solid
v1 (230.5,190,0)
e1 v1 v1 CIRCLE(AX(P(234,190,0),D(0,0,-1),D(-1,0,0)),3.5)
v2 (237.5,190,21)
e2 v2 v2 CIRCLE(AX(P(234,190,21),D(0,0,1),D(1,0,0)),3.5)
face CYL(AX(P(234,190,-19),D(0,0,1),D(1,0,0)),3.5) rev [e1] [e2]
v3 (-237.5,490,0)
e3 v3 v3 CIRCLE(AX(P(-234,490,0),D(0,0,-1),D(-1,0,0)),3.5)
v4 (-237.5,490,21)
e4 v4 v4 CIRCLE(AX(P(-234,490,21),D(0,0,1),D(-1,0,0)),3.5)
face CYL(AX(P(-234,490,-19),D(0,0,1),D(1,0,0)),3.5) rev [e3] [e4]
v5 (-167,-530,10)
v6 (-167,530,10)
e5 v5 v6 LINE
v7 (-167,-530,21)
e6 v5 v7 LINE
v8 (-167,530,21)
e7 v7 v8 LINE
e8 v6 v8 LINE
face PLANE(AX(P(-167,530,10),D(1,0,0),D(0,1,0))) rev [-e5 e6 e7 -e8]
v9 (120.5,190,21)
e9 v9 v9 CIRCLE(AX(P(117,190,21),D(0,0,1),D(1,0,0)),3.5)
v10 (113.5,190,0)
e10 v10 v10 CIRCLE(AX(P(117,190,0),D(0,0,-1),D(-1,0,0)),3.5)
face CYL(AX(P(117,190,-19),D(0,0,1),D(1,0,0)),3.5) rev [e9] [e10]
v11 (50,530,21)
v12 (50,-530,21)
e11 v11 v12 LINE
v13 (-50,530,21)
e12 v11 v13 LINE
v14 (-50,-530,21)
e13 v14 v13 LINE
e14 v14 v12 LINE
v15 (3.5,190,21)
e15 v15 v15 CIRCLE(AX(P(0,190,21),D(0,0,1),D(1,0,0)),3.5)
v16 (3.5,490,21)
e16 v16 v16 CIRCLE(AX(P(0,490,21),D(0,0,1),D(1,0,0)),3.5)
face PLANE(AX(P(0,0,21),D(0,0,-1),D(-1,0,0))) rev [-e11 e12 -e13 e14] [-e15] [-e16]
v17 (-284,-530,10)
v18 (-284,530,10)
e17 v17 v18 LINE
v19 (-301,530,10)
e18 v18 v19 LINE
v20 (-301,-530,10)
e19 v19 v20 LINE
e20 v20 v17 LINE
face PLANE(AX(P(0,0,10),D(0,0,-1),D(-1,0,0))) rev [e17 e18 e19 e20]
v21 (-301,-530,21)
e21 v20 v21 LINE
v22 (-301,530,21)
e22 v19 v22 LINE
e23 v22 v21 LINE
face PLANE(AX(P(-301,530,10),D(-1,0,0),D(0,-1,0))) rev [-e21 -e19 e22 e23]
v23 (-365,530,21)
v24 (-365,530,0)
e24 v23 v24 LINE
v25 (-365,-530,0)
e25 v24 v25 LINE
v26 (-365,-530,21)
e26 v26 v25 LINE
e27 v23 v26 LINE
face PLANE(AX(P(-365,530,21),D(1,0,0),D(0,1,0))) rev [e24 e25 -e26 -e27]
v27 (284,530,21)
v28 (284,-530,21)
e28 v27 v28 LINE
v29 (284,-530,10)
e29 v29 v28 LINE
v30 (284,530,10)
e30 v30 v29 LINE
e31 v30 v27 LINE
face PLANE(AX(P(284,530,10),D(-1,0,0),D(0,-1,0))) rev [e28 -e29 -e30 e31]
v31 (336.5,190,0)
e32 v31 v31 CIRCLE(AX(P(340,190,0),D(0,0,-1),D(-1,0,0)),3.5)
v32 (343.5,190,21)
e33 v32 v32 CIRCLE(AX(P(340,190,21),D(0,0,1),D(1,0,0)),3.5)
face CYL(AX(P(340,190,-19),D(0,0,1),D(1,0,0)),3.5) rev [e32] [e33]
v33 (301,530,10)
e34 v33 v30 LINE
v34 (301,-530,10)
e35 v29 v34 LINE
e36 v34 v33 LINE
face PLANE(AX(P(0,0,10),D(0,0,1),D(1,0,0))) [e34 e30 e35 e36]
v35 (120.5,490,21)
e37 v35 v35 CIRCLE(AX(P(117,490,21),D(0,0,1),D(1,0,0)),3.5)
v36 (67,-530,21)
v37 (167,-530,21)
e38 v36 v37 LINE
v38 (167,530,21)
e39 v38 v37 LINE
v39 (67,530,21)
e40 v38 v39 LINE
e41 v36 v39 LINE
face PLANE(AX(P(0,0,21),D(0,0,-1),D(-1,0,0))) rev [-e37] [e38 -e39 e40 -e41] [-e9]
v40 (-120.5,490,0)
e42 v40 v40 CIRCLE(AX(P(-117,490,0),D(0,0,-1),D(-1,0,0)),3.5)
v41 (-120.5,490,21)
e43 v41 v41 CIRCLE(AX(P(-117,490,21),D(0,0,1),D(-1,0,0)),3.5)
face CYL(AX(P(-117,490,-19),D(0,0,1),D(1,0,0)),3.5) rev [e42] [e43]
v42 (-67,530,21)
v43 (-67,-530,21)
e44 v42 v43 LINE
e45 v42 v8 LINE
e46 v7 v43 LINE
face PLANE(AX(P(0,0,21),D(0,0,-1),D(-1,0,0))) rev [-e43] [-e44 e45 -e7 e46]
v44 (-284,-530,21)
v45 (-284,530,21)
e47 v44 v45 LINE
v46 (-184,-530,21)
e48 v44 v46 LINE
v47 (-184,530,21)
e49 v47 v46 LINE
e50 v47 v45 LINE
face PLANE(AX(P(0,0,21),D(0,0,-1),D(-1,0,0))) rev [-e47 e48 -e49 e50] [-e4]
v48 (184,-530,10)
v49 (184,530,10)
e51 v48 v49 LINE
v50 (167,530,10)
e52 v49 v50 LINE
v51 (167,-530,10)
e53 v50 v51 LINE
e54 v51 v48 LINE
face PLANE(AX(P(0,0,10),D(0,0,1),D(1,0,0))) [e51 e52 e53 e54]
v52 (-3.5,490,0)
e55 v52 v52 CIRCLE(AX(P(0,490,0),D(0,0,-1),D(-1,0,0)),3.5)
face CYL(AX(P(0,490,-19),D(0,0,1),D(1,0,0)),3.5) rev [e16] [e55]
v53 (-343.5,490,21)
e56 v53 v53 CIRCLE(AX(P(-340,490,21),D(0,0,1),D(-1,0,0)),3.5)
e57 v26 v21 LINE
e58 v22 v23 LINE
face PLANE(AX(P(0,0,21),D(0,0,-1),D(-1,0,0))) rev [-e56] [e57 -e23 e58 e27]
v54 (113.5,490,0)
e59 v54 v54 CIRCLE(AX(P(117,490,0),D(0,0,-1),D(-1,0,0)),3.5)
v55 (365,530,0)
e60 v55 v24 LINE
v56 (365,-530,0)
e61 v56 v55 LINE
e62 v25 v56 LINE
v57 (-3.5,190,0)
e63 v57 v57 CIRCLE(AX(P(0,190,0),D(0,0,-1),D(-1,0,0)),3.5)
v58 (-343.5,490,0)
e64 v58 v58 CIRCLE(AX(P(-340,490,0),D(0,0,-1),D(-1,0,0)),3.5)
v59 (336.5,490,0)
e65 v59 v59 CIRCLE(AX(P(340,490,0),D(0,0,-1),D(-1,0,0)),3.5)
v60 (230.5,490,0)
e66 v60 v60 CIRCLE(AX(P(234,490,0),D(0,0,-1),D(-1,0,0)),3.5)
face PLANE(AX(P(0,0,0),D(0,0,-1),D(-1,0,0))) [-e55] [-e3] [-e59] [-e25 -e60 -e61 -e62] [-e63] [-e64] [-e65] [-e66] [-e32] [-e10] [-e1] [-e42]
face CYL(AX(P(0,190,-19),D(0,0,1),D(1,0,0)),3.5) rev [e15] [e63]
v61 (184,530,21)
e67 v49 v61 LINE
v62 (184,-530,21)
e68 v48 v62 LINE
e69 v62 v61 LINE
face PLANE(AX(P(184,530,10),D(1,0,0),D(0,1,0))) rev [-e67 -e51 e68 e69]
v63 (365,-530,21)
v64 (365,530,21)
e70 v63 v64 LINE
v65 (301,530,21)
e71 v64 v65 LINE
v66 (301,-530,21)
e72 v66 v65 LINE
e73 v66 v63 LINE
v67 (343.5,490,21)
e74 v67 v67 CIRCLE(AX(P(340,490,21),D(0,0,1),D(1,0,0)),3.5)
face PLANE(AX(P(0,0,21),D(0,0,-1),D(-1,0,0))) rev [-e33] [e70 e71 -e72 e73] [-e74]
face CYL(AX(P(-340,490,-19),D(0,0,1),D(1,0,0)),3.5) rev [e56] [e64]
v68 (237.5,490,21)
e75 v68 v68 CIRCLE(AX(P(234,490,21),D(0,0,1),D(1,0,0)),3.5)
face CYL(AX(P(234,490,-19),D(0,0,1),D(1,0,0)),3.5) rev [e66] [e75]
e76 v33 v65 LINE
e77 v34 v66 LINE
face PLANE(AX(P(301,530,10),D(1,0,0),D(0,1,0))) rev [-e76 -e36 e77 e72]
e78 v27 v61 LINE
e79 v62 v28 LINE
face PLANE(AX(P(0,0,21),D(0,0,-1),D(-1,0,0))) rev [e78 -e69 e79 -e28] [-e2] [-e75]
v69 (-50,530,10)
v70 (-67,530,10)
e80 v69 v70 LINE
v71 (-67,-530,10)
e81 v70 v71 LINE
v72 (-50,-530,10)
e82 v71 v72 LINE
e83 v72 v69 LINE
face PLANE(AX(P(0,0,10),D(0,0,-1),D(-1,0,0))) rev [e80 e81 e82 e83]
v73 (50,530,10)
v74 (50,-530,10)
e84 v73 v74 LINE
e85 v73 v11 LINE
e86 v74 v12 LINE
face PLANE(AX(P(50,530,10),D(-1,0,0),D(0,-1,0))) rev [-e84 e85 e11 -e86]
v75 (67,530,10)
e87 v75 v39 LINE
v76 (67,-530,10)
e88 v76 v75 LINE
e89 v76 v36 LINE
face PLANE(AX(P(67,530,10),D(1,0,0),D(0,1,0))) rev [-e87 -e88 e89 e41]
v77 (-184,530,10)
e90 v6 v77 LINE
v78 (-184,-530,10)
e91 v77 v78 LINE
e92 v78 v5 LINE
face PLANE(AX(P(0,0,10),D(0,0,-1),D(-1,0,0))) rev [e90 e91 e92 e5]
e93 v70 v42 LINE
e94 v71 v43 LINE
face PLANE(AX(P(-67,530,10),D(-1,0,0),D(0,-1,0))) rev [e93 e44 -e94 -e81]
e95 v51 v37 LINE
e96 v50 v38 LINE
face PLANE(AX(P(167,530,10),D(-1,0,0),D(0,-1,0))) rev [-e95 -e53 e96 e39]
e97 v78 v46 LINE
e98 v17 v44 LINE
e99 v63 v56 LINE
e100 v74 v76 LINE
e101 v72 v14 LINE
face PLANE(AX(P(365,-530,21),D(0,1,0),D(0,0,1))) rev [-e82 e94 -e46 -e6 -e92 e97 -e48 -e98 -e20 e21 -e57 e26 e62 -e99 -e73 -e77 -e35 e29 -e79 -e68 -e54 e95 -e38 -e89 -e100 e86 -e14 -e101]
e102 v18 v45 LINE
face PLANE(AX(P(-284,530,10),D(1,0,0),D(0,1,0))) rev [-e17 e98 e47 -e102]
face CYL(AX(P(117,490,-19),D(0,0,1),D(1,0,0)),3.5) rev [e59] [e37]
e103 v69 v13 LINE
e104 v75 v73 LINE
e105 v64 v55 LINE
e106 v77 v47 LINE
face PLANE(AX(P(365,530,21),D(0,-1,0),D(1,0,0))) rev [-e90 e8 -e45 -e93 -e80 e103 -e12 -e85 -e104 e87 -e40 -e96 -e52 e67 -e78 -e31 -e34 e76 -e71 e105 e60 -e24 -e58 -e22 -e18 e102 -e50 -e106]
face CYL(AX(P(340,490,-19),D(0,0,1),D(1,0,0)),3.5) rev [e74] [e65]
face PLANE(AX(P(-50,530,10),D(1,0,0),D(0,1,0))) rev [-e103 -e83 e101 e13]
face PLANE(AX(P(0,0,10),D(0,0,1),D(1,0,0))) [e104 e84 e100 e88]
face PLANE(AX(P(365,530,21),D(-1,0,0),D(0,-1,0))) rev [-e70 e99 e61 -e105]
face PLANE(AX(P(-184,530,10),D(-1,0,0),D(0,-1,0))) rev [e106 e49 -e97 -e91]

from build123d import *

# Parameters (mm, degrees)
SKIZZE1_W                       = 730
SKIZZE1_H                       = 1060
AUFSATZ_LINEAR_AUSTRAGEN1_DEPTH = 21
SKIZZE2_W                       = 17
SKIZZE2_H                       = 1060
SCHNITT_LINEAR_AUSTRAGEN1_DEPTH = 11
SKIZZE3_R                       = 3.5
SCHNITT_LINEAR_AUSTRAGEN2_DEPTH = 40


with BuildPart() as part:
    # Skizze1 → Aufsatz-Linear austragen1 (new body)
    with BuildSketch(Plane.XY):
        Rectangle(SKIZZE1_W, SKIZZE1_H)
    extrude(amount=AUFSATZ_LINEAR_AUSTRAGEN1_DEPTH)

    # Skizze2 → Schnitt-Linear austragen1 (cut)
    with BuildSketch(Plane.XY.offset(21)):
        with Locations((58.5, 0)):
            Rectangle(SKIZZE2_W, SKIZZE2_H)
        with Locations((175.5, 0)):
            Rectangle(SKIZZE2_W, SKIZZE2_H)
        with Locations((292.5, 0)):
            Rectangle(SKIZZE2_W, SKIZZE2_H)
        with Locations((-292.5, 0)):
            Rectangle(SKIZZE2_W, SKIZZE2_H)
        with Locations((-175.5, 0)):
            Rectangle(SKIZZE2_W, SKIZZE2_H)
        with Locations((-58.5, 0)):
            Rectangle(SKIZZE2_W, SKIZZE2_H)
    extrude(amount=-SCHNITT_LINEAR_AUSTRAGEN1_DEPTH, mode=Mode.SUBTRACT)

    # Skizze3 → Schnitt-Linear austragen2 (cut)
    with BuildSketch(Plane.XY.offset(21)):
        with Locations((0, 490)):
            Circle(SKIZZE3_R)
        with Locations((117, 490)):
            Circle(SKIZZE3_R)
        with Locations((234, 490)):
            Circle(SKIZZE3_R)
        with Locations((340, 490)):
            Circle(SKIZZE3_R)
        with Locations((340, 190)):
            Circle(SKIZZE3_R)
        with Locations((234, 190)):
            Circle(SKIZZE3_R)
        with Locations((117, 190)):
            Circle(SKIZZE3_R)
        with Locations((0, 190)):
            Circle(SKIZZE3_R)
        with Locations(Location((-340, 490, 0), (0, 0, 180))):
            Circle(SKIZZE3_R)
        with Locations(Location((-234, 490, 0), (0, 0, 180))):
            Circle(SKIZZE3_R)
        with Locations(Location((-117, 490, 0), (0, 0, 180))):
            Circle(SKIZZE3_R)
    extrude(amount=-SCHNITT_LINEAR_AUSTRAGEN2_DEPTH, mode=Mode.SUBTRACT)


solid = part.part
